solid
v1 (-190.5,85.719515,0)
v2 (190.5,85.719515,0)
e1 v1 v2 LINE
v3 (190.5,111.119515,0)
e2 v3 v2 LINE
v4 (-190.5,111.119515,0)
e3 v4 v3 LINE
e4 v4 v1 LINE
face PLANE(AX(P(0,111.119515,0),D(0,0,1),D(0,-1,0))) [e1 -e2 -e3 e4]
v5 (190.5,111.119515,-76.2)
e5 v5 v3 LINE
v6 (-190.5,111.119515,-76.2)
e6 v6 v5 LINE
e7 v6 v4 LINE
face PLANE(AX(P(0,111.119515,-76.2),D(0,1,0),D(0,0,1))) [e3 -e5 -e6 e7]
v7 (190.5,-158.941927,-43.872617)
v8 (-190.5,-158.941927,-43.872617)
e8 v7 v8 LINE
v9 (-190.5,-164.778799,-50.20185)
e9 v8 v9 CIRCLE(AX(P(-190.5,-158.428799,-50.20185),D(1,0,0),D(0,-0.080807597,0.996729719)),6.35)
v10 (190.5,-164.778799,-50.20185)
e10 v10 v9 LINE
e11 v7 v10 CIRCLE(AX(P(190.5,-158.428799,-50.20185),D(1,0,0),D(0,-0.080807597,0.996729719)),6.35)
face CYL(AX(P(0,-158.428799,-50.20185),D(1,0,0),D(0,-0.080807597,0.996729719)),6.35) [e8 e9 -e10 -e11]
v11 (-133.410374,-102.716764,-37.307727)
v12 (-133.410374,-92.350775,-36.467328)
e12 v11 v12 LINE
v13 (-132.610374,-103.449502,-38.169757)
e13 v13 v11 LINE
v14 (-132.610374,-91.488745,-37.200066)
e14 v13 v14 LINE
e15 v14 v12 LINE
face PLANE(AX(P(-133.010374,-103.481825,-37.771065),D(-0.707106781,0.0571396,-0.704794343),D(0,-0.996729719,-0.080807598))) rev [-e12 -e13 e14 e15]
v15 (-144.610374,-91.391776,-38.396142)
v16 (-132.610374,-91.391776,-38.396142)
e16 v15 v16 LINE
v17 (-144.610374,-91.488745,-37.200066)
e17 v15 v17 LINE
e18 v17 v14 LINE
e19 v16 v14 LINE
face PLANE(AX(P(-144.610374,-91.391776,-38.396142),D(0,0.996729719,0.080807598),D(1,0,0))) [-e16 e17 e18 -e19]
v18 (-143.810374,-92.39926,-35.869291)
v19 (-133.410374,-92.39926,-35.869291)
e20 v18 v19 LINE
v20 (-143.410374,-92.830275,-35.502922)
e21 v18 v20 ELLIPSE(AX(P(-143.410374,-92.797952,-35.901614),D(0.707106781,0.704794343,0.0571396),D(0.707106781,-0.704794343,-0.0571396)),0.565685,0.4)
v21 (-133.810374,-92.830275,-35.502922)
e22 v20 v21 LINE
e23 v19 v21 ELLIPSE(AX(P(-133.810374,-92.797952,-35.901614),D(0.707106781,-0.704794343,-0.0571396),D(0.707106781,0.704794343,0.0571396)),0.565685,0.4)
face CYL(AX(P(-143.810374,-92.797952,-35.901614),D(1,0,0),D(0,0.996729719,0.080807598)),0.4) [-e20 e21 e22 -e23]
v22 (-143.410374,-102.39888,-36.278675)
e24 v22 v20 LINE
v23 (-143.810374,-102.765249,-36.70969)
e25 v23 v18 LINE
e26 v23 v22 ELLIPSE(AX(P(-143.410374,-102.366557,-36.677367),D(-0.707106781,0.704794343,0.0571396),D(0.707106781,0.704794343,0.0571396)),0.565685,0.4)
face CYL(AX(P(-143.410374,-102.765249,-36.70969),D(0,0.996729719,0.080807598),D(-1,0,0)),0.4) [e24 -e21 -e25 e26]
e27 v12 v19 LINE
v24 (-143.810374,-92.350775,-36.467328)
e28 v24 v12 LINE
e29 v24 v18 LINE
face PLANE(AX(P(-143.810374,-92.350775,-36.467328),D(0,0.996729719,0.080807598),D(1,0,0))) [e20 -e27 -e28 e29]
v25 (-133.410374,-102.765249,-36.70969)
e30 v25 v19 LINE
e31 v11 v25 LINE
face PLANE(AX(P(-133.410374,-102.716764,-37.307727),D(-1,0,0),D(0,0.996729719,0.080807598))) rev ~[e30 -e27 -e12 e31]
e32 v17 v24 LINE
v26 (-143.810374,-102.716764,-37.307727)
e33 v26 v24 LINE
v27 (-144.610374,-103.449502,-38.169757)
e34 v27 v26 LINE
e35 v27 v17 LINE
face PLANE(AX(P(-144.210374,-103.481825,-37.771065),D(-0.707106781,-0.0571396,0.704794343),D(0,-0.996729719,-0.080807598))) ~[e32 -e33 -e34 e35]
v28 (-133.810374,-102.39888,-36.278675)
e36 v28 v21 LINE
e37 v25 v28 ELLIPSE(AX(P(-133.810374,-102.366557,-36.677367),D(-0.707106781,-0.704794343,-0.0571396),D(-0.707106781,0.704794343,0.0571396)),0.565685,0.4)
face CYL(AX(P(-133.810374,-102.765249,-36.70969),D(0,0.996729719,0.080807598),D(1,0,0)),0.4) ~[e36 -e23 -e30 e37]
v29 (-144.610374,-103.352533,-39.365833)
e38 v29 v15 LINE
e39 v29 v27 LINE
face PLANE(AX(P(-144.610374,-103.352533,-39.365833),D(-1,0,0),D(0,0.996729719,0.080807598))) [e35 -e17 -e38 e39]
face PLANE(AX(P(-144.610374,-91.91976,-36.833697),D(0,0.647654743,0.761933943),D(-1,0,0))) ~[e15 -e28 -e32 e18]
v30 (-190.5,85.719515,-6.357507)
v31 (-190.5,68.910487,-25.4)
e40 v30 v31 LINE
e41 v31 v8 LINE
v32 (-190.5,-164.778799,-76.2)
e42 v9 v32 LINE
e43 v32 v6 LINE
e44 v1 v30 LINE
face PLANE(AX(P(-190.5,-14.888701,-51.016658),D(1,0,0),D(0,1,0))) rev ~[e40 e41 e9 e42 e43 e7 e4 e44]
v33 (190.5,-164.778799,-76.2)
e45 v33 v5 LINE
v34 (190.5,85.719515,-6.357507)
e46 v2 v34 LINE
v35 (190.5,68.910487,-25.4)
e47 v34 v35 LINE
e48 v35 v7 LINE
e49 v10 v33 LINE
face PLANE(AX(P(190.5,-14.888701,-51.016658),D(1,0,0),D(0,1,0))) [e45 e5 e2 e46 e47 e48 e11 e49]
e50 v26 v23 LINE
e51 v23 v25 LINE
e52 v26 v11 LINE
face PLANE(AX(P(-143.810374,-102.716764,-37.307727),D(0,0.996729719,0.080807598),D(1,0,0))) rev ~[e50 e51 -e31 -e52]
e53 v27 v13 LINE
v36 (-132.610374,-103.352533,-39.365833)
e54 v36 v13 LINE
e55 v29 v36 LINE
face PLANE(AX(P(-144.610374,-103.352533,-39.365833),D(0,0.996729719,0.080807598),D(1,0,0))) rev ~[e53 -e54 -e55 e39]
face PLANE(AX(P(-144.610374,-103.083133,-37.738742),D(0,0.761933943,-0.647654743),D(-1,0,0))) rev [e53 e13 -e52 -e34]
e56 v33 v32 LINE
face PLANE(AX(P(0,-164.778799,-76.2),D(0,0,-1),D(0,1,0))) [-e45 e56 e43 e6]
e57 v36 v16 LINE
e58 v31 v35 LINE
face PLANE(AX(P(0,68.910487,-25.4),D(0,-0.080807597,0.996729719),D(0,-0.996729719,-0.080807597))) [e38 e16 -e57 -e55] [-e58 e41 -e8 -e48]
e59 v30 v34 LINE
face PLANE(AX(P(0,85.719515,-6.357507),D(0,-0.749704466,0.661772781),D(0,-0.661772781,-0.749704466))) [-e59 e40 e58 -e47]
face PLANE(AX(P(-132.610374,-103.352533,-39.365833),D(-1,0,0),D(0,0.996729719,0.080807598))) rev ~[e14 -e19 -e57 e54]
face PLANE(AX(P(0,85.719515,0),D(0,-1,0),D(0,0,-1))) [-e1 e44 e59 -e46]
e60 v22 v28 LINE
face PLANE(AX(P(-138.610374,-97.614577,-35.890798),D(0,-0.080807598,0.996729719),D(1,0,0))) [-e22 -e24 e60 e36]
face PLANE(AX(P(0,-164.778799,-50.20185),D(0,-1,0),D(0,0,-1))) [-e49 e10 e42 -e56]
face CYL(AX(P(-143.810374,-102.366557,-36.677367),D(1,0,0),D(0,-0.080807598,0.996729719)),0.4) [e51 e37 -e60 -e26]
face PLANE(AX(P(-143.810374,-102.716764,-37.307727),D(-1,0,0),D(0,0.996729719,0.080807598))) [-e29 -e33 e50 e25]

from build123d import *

# Parameters (mm, degrees)
F1_DEPTH = 190.5
F2_W     = 12
F2_H     = 12
F3_DEPTH = 2
F4_SIZE  = 0.8
F5_DEPTH = 1
F6_R     = 0.4


with BuildPart() as f1:
    # F0 (on Right) → F1 (new body, symmetric)
    with BuildSketch(Plane.YZ):
        with BuildLine():
            Line((-164.7787988186, -76.2), (111.1195152746, -76.2))
            Line((111.1195152746, -76.2), (111.1195152746, 0))
            Line((111.1195152746, 0), (85.7195152746, 0))
            Line((85.7195152746, 0), (85.7195152746, -6.3575065629))
            Line((85.7195152746, -6.3575065629), (68.9104866383, -25.4))
            Line((68.9104866383, -25.4), (-158.9419270625, -43.8726167807))
            ThreePointArc((-158.9419270625, -43.8726167807), (-163.0968211166, -45.8969616661), (-164.7787988186, -50.2018504946))
            Line((-164.7787988186, -50.2018504946), (-164.7787988186, -76.2))
        make_face()
    extrude(amount=F1_DEPTH, both=True)

    # F2 (on face) → F3 (join)
    with BuildSketch(Plane(origin=(0, 2.4957770492, -30.7844216917), x_dir=(1, 0, 0), z_dir=(0, -0.0808075975, 0.9967297187))):
        with Locations((-138.6103741825, -100.1955993752)):
            Rectangle(F2_W, F2_H)
    extrude(amount=F3_DEPTH)

    # F4
    f4_edges = [f1.edges().sort_by_distance(p)[0] for p in [
        (-138.610374, -91.553391, -36.402682),
        (-144.610374, -97.53377, -36.887528),
        (-138.610374, -103.514148, -37.372374),
        (-132.610374, -97.53377, -36.887528),
    ]]
    chamfer(f4_edges, length=F4_SIZE)

    # F5 (add): a face of the model
    f5_faces = [f1.faces().sort_by_distance(p)[0] for p in [
        (-138.6103741825, -97.5337697285, -36.8875279164),
    ]]
    extrude(f5_faces, amount=F5_DEPTH)

    # F6
    f6_edges = [f1.edges().sort_by_distance(p)[0] for p in [
        (-138.610374, -92.431583, -35.470599),
        (-133.410374, -97.614577, -35.890798),
        (-143.810374, -97.614577, -35.890798),
        (-138.610374, -102.797572, -36.310998),
    ]]
    fillet(f6_edges, radius=F6_R)


solid = f1.part
